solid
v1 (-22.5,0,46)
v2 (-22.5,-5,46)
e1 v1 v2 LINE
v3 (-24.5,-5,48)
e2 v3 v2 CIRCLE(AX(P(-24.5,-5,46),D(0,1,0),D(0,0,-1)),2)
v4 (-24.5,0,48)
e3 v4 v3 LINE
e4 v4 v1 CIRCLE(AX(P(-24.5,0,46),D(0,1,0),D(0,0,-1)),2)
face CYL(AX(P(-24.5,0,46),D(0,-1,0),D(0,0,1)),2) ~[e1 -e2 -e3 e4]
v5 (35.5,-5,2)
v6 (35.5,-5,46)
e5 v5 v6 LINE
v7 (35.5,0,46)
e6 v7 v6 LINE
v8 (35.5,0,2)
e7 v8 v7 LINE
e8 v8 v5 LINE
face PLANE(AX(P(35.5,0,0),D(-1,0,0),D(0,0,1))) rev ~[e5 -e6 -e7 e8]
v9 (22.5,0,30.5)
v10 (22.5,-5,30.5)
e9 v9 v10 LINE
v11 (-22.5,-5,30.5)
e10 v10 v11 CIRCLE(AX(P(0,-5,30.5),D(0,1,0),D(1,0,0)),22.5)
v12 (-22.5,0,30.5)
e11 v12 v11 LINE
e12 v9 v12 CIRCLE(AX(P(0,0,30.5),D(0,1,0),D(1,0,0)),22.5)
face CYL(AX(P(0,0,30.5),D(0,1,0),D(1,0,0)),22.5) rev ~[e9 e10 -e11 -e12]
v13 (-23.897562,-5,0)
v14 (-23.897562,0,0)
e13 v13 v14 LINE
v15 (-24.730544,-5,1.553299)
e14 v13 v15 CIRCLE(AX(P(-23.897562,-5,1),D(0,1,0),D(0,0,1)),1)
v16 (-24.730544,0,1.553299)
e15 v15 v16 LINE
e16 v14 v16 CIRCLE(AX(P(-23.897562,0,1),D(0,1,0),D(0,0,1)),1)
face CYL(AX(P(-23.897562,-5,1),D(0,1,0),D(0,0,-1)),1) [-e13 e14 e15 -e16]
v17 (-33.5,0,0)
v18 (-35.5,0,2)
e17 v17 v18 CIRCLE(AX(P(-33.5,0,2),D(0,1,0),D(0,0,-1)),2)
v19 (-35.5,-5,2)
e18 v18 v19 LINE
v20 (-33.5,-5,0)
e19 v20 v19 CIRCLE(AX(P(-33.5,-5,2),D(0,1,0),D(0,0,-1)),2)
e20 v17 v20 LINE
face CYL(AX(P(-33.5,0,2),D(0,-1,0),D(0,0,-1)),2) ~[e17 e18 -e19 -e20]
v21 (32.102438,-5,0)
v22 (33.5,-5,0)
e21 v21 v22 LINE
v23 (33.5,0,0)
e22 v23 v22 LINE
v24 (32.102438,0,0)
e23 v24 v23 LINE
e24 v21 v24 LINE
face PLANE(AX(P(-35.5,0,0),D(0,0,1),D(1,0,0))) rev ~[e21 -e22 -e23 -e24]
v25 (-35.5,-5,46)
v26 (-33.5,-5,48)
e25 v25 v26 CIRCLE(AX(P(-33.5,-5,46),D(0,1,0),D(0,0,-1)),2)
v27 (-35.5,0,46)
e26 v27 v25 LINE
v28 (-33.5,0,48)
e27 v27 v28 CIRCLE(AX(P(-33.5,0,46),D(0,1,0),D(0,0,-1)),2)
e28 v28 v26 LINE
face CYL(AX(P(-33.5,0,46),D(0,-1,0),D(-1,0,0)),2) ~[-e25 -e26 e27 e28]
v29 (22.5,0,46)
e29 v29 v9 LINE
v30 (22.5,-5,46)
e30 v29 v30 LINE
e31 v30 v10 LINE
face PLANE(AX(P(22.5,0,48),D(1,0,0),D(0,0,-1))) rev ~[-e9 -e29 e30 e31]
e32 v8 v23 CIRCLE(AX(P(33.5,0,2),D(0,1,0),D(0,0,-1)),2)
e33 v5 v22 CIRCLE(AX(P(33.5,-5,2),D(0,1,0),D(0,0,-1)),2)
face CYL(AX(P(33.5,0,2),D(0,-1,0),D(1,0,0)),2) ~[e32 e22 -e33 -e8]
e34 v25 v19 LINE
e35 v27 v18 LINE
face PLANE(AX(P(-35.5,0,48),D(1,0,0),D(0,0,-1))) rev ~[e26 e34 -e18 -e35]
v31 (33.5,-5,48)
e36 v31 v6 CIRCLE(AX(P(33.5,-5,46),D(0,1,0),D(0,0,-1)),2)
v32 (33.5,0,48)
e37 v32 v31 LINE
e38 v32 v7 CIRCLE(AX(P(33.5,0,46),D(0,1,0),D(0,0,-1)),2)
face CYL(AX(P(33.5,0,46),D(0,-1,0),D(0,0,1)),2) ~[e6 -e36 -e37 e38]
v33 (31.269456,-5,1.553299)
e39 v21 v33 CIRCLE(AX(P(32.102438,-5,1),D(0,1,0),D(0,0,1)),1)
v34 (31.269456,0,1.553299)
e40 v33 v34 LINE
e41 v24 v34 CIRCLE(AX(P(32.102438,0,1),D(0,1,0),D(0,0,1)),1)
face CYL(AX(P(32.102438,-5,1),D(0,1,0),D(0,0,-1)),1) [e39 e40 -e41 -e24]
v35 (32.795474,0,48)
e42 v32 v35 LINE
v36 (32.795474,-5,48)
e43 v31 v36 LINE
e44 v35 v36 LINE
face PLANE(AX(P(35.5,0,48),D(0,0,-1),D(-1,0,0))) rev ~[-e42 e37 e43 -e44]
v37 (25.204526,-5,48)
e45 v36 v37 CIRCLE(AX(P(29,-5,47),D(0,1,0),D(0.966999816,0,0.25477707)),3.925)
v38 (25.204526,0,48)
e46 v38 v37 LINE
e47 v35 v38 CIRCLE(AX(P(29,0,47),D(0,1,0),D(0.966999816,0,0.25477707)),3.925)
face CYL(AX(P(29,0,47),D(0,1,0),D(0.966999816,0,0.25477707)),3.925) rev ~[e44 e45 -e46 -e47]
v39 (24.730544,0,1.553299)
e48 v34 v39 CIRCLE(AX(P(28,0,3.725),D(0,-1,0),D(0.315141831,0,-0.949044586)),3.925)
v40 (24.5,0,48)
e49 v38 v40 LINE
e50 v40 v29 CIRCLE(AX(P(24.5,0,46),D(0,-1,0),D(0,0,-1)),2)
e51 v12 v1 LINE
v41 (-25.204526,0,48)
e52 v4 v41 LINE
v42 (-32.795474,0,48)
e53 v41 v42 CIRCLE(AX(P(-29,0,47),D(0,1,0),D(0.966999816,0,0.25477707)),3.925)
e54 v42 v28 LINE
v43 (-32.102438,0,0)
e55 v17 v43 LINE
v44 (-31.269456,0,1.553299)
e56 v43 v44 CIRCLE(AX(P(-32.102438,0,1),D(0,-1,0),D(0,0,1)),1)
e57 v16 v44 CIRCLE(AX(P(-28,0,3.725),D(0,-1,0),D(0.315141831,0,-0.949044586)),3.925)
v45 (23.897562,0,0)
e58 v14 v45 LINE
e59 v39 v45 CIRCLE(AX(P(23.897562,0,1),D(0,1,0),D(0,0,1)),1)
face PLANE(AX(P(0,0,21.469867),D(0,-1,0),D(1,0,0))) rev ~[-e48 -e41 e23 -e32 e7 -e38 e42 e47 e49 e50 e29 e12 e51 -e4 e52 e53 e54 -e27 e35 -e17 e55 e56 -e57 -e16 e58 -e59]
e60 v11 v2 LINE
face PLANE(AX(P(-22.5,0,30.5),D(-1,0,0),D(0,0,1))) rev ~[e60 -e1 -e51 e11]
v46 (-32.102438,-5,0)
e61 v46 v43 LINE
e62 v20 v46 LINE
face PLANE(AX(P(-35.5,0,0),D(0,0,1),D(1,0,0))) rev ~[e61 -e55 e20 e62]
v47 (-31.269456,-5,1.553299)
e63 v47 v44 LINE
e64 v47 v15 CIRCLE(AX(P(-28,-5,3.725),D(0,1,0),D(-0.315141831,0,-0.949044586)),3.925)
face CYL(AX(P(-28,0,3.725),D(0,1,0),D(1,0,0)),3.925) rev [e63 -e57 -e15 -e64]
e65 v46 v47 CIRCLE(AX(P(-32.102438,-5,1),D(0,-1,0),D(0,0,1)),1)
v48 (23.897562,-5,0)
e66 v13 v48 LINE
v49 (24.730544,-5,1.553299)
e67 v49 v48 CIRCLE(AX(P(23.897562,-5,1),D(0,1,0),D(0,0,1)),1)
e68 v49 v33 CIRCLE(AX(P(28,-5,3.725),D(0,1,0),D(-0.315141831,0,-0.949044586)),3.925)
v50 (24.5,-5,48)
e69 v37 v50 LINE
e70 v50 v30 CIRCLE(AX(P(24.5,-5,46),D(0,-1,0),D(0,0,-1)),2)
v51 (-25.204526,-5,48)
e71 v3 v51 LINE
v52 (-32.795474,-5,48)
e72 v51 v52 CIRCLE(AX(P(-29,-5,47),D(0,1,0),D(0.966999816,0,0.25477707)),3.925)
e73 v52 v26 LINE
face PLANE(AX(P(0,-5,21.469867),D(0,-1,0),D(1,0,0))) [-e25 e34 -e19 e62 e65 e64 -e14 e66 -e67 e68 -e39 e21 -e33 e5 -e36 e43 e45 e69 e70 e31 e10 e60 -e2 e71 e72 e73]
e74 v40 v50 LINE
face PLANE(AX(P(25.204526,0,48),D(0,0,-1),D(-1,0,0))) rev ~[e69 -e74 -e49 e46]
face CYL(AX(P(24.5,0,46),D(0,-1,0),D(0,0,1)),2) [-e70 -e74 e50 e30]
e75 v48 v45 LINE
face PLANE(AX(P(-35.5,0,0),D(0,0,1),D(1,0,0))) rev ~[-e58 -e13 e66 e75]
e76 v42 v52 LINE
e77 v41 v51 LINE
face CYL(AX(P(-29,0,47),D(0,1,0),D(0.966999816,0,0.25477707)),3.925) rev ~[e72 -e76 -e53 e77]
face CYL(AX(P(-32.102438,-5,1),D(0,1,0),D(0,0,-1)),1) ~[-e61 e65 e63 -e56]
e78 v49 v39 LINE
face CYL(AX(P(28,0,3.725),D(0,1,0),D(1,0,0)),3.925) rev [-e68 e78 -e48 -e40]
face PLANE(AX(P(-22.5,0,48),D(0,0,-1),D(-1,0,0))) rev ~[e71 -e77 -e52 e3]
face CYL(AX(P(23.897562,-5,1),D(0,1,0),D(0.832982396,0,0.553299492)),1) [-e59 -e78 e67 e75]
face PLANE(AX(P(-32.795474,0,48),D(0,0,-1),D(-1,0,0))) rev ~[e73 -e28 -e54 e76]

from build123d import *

# Parameters (mm, degrees)
F1_DEPTH = 5
F2_R     = 3.925
F3_DEPTH = 5.001
F4_R     = 2
F5_R     = 1


with BuildPart() as f1:
    # F0 (on Front) → F1 (new body)
    with BuildSketch(Plane.XZ):
        with BuildLine():
            ThreePointArc((22.5, 30.5), (0, 8), (-22.5, 30.5))
            Line((-22.5, 30.5), (-22.5, 48))
            Line((-22.5, 48), (-25.2045257213, 48))
            ThreePointArc((-25.2045257213, 48), (-29, 43.075), (-32.7954742787, 48))
            Line((-32.7954742787, 48), (-35.5, 48))
            Line((-35.5, 48), (-35.5, 0))
            Line((-35.5, 0), (35.5, 0))
            Line((35.5, 0), (35.5, 48))
            Line((35.5, 48), (32.7954742787, 48))
            ThreePointArc((32.7954742787, 48), (29, 43.075), (25.2045257213, 48))
            Line((25.2045257213, 48), (22.5, 48))
            Line((22.5, 48), (22.5, 30.5))
        make_face()
    extrude(amount=F1_DEPTH)

    # F2 (on Front) → F3 (cut, through all)
    with BuildSketch(Plane.XZ):
        with Locations((-28, 3.725)):
            Circle(F2_R)
        with Locations((28, 3.725)):
            Circle(F2_R)
    extrude(amount=F3_DEPTH, mode=Mode.SUBTRACT)

    # F4
    f4_edges = [f1.edges().sort_by_distance(p)[0] for p in [
        (-22.5, -2.5, 48),
        (22.5, -2.5, 48),
        (-35.5, -2.5, 48),
        (35.5, -2.5, 48),
        (35.5, -2.5, 0),
        (-35.5, -2.5, 0),
    ]]
    fillet(f4_edges, radius=F4_R)

    # F5
    f5_edges = [f1.edges().sort_by_distance(p)[0] for p in [
        (-26.763068, -2.5, 0),
        (-29.236932, -2.5, 0),
        (29.236932, -2.5, 0),
        (26.763068, -2.5, 0),
    ]]
    fillet(f5_edges, radius=F5_R)


solid = f1.part
